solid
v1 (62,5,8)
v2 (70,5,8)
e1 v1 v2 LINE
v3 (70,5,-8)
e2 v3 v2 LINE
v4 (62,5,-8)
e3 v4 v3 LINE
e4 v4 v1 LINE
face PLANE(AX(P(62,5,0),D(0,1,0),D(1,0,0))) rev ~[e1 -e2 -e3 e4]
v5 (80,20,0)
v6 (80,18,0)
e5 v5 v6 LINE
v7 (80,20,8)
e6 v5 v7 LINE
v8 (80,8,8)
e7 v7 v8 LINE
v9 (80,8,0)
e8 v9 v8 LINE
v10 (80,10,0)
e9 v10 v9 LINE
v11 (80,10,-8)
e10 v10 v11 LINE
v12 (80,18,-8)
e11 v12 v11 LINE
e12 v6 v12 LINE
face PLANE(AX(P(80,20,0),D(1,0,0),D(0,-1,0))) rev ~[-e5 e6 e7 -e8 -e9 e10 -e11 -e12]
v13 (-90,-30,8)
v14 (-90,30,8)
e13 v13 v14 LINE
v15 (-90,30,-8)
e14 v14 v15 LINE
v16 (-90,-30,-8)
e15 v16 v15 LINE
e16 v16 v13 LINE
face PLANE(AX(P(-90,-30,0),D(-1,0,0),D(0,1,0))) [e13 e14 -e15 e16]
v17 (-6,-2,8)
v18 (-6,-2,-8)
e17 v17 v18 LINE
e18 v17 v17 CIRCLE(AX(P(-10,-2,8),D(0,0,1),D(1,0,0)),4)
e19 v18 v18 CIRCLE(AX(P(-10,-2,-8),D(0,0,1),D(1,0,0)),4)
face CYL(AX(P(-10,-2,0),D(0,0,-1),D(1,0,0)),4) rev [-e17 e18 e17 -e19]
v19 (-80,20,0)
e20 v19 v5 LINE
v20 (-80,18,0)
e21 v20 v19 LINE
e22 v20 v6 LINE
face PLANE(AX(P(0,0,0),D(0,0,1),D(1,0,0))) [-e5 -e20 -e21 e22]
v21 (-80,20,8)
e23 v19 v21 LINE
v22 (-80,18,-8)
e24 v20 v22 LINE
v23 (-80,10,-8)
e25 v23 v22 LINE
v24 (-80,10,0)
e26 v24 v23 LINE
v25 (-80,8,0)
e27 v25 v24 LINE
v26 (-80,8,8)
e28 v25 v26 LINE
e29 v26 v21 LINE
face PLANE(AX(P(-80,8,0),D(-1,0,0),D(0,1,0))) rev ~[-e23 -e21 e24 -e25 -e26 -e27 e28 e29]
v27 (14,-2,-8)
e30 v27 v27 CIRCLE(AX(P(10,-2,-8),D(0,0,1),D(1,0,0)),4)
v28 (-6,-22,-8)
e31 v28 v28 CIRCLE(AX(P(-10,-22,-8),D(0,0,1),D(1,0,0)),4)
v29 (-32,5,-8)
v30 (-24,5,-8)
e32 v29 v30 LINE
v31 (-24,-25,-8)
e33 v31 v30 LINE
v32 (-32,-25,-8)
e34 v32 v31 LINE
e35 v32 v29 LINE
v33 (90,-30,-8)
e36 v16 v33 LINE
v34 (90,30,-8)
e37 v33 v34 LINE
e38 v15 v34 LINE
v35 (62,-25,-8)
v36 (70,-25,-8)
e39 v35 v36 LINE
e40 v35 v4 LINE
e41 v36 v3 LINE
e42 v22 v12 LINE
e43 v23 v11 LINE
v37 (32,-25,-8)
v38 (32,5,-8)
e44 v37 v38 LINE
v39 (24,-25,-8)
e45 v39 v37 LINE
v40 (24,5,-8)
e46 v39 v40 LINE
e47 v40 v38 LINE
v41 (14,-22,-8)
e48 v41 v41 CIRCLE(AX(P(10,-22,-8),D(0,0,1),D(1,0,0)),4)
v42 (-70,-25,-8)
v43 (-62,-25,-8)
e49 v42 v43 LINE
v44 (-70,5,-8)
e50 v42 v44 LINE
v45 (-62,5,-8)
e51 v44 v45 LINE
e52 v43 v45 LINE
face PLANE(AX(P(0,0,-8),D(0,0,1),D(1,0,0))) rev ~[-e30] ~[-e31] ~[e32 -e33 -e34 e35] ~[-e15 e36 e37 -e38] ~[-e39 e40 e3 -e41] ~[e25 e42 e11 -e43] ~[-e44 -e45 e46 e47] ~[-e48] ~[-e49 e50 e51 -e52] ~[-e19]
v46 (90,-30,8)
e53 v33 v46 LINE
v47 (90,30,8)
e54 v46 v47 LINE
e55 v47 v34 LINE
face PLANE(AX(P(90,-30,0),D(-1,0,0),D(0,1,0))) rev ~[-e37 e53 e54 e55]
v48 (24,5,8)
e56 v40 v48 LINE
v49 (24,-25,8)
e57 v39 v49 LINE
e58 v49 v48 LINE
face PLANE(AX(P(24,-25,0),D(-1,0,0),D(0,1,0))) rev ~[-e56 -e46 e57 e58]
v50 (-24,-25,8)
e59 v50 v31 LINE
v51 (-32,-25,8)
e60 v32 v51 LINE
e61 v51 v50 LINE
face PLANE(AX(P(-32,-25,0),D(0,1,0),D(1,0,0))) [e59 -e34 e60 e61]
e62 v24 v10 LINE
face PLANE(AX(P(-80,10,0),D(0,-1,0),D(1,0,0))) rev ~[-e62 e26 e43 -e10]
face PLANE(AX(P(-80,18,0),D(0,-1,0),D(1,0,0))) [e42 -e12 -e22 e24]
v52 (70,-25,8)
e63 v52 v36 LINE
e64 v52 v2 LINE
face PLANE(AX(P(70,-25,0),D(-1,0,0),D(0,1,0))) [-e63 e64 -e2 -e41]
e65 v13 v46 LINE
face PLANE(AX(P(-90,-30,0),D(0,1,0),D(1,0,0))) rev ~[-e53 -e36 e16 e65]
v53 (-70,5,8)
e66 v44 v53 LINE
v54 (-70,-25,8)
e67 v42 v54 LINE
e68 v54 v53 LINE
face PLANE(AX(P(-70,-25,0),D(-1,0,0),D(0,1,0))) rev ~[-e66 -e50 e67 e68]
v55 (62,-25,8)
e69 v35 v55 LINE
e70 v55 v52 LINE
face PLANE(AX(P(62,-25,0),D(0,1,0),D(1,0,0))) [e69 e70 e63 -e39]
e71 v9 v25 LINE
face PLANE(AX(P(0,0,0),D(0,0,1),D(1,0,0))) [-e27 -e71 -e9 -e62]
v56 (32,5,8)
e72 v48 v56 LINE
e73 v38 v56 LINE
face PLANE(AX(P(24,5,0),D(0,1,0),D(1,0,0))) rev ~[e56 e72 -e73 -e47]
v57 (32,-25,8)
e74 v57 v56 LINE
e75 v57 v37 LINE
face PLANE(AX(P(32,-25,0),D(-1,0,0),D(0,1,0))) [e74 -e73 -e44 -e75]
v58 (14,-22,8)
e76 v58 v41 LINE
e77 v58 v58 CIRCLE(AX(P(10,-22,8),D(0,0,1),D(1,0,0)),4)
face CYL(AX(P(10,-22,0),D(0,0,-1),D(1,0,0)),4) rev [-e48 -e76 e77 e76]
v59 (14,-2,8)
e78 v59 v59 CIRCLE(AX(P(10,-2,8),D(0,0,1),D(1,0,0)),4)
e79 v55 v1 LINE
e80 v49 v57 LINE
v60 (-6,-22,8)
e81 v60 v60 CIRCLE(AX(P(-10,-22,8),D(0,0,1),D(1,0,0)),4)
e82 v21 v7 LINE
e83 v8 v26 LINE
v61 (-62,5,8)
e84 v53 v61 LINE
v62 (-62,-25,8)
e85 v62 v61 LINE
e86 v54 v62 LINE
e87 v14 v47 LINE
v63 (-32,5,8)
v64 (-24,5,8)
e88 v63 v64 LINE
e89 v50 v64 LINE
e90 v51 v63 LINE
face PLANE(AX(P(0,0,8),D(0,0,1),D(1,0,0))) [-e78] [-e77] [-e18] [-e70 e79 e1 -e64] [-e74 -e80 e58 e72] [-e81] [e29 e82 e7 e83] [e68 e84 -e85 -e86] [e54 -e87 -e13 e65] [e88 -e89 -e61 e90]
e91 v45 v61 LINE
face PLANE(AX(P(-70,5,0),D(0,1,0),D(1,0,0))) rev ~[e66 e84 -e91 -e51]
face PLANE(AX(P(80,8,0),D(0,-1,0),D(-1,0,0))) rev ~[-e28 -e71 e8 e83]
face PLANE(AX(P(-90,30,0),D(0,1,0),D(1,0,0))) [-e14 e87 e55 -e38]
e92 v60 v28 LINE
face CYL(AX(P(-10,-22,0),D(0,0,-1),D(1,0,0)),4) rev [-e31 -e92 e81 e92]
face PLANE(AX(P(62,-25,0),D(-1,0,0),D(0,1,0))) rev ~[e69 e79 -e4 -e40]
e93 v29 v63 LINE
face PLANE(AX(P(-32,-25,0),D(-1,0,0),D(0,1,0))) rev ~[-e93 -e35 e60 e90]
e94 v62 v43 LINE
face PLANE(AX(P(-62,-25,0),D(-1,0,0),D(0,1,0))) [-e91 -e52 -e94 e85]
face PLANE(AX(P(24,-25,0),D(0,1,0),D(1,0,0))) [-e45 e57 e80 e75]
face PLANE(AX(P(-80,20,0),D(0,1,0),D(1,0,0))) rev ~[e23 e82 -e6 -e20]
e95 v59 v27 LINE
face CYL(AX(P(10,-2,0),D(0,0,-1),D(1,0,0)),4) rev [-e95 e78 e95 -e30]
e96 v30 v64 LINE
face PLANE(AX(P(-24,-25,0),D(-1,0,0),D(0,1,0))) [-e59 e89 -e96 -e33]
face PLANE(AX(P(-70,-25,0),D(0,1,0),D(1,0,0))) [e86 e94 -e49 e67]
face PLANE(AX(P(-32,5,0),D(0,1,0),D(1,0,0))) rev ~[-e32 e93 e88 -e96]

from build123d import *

# Parameters (mm, degrees)
F0_W     = 180
F0_H     = 60
F0_R     = 4
F0_W_2   = 8
F0_H_2   = 30
F0_W_3   = 160
F0_H_3   = 2
F1_DEPTH = 8
F2_DEPTH = 8


with BuildPart() as f1:
    # F0 (on Top) → F1 (new body)
    with BuildSketch(Plane.XY):
        Rectangle(F0_W, F0_H)
        with Locations((-10, -22)):
            Circle(F0_R, mode=Mode.SUBTRACT)
        with Locations((-66, -10)):
            Rectangle(F0_W_2, F0_H_2, mode=Mode.SUBTRACT)
        with Locations((-28, -10)):
            Rectangle(F0_W_2, F0_H_2, mode=Mode.SUBTRACT)
        with Locations((-10, -2)):
            Circle(F0_R, mode=Mode.SUBTRACT)
        with Locations((10, -22)):
            Circle(F0_R, mode=Mode.SUBTRACT)
        with Locations((28, -10)):
            Rectangle(F0_W_2, F0_H_2, mode=Mode.SUBTRACT)
        with Locations((10, -2)):
            Circle(F0_R, mode=Mode.SUBTRACT)
        with Locations((66, -10)):
            Rectangle(F0_W_2, F0_H_2, mode=Mode.SUBTRACT)
        Polygon((-80, 18), (-80, 20), (80, 20), (80, 18), (80, 10), (80, 8), (-80, 8), (-80, 10), align=None, mode=Mode.SUBTRACT)
        with Locations((0, 19)):
            Rectangle(F0_W_3, F0_H_3)
        with Locations((0, 9)):
            Rectangle(F0_W_3, F0_H_3)
    extrude(amount=-F1_DEPTH)

    # F0 (on Top) → F2 (join)
    with BuildSketch(Plane.XY):
        Rectangle(F0_W, F0_H)
        with Locations((-10, -22)):
            Circle(F0_R, mode=Mode.SUBTRACT)
        with Locations((-66, -10)):
            Rectangle(F0_W_2, F0_H_2, mode=Mode.SUBTRACT)
        with Locations((-28, -10)):
            Rectangle(F0_W_2, F0_H_2, mode=Mode.SUBTRACT)
        with Locations((-10, -2)):
            Circle(F0_R, mode=Mode.SUBTRACT)
        with Locations((10, -22)):
            Circle(F0_R, mode=Mode.SUBTRACT)
        with Locations((28, -10)):
            Rectangle(F0_W_2, F0_H_2, mode=Mode.SUBTRACT)
        with Locations((10, -2)):
            Circle(F0_R, mode=Mode.SUBTRACT)
        with Locations((66, -10)):
            Rectangle(F0_W_2, F0_H_2, mode=Mode.SUBTRACT)
        Polygon((-80, 18), (-80, 20), (80, 20), (80, 18), (80, 10), (80, 8), (-80, 8), (-80, 10), align=None, mode=Mode.SUBTRACT)
    extrude(amount=F2_DEPTH)


solid = f1.part
